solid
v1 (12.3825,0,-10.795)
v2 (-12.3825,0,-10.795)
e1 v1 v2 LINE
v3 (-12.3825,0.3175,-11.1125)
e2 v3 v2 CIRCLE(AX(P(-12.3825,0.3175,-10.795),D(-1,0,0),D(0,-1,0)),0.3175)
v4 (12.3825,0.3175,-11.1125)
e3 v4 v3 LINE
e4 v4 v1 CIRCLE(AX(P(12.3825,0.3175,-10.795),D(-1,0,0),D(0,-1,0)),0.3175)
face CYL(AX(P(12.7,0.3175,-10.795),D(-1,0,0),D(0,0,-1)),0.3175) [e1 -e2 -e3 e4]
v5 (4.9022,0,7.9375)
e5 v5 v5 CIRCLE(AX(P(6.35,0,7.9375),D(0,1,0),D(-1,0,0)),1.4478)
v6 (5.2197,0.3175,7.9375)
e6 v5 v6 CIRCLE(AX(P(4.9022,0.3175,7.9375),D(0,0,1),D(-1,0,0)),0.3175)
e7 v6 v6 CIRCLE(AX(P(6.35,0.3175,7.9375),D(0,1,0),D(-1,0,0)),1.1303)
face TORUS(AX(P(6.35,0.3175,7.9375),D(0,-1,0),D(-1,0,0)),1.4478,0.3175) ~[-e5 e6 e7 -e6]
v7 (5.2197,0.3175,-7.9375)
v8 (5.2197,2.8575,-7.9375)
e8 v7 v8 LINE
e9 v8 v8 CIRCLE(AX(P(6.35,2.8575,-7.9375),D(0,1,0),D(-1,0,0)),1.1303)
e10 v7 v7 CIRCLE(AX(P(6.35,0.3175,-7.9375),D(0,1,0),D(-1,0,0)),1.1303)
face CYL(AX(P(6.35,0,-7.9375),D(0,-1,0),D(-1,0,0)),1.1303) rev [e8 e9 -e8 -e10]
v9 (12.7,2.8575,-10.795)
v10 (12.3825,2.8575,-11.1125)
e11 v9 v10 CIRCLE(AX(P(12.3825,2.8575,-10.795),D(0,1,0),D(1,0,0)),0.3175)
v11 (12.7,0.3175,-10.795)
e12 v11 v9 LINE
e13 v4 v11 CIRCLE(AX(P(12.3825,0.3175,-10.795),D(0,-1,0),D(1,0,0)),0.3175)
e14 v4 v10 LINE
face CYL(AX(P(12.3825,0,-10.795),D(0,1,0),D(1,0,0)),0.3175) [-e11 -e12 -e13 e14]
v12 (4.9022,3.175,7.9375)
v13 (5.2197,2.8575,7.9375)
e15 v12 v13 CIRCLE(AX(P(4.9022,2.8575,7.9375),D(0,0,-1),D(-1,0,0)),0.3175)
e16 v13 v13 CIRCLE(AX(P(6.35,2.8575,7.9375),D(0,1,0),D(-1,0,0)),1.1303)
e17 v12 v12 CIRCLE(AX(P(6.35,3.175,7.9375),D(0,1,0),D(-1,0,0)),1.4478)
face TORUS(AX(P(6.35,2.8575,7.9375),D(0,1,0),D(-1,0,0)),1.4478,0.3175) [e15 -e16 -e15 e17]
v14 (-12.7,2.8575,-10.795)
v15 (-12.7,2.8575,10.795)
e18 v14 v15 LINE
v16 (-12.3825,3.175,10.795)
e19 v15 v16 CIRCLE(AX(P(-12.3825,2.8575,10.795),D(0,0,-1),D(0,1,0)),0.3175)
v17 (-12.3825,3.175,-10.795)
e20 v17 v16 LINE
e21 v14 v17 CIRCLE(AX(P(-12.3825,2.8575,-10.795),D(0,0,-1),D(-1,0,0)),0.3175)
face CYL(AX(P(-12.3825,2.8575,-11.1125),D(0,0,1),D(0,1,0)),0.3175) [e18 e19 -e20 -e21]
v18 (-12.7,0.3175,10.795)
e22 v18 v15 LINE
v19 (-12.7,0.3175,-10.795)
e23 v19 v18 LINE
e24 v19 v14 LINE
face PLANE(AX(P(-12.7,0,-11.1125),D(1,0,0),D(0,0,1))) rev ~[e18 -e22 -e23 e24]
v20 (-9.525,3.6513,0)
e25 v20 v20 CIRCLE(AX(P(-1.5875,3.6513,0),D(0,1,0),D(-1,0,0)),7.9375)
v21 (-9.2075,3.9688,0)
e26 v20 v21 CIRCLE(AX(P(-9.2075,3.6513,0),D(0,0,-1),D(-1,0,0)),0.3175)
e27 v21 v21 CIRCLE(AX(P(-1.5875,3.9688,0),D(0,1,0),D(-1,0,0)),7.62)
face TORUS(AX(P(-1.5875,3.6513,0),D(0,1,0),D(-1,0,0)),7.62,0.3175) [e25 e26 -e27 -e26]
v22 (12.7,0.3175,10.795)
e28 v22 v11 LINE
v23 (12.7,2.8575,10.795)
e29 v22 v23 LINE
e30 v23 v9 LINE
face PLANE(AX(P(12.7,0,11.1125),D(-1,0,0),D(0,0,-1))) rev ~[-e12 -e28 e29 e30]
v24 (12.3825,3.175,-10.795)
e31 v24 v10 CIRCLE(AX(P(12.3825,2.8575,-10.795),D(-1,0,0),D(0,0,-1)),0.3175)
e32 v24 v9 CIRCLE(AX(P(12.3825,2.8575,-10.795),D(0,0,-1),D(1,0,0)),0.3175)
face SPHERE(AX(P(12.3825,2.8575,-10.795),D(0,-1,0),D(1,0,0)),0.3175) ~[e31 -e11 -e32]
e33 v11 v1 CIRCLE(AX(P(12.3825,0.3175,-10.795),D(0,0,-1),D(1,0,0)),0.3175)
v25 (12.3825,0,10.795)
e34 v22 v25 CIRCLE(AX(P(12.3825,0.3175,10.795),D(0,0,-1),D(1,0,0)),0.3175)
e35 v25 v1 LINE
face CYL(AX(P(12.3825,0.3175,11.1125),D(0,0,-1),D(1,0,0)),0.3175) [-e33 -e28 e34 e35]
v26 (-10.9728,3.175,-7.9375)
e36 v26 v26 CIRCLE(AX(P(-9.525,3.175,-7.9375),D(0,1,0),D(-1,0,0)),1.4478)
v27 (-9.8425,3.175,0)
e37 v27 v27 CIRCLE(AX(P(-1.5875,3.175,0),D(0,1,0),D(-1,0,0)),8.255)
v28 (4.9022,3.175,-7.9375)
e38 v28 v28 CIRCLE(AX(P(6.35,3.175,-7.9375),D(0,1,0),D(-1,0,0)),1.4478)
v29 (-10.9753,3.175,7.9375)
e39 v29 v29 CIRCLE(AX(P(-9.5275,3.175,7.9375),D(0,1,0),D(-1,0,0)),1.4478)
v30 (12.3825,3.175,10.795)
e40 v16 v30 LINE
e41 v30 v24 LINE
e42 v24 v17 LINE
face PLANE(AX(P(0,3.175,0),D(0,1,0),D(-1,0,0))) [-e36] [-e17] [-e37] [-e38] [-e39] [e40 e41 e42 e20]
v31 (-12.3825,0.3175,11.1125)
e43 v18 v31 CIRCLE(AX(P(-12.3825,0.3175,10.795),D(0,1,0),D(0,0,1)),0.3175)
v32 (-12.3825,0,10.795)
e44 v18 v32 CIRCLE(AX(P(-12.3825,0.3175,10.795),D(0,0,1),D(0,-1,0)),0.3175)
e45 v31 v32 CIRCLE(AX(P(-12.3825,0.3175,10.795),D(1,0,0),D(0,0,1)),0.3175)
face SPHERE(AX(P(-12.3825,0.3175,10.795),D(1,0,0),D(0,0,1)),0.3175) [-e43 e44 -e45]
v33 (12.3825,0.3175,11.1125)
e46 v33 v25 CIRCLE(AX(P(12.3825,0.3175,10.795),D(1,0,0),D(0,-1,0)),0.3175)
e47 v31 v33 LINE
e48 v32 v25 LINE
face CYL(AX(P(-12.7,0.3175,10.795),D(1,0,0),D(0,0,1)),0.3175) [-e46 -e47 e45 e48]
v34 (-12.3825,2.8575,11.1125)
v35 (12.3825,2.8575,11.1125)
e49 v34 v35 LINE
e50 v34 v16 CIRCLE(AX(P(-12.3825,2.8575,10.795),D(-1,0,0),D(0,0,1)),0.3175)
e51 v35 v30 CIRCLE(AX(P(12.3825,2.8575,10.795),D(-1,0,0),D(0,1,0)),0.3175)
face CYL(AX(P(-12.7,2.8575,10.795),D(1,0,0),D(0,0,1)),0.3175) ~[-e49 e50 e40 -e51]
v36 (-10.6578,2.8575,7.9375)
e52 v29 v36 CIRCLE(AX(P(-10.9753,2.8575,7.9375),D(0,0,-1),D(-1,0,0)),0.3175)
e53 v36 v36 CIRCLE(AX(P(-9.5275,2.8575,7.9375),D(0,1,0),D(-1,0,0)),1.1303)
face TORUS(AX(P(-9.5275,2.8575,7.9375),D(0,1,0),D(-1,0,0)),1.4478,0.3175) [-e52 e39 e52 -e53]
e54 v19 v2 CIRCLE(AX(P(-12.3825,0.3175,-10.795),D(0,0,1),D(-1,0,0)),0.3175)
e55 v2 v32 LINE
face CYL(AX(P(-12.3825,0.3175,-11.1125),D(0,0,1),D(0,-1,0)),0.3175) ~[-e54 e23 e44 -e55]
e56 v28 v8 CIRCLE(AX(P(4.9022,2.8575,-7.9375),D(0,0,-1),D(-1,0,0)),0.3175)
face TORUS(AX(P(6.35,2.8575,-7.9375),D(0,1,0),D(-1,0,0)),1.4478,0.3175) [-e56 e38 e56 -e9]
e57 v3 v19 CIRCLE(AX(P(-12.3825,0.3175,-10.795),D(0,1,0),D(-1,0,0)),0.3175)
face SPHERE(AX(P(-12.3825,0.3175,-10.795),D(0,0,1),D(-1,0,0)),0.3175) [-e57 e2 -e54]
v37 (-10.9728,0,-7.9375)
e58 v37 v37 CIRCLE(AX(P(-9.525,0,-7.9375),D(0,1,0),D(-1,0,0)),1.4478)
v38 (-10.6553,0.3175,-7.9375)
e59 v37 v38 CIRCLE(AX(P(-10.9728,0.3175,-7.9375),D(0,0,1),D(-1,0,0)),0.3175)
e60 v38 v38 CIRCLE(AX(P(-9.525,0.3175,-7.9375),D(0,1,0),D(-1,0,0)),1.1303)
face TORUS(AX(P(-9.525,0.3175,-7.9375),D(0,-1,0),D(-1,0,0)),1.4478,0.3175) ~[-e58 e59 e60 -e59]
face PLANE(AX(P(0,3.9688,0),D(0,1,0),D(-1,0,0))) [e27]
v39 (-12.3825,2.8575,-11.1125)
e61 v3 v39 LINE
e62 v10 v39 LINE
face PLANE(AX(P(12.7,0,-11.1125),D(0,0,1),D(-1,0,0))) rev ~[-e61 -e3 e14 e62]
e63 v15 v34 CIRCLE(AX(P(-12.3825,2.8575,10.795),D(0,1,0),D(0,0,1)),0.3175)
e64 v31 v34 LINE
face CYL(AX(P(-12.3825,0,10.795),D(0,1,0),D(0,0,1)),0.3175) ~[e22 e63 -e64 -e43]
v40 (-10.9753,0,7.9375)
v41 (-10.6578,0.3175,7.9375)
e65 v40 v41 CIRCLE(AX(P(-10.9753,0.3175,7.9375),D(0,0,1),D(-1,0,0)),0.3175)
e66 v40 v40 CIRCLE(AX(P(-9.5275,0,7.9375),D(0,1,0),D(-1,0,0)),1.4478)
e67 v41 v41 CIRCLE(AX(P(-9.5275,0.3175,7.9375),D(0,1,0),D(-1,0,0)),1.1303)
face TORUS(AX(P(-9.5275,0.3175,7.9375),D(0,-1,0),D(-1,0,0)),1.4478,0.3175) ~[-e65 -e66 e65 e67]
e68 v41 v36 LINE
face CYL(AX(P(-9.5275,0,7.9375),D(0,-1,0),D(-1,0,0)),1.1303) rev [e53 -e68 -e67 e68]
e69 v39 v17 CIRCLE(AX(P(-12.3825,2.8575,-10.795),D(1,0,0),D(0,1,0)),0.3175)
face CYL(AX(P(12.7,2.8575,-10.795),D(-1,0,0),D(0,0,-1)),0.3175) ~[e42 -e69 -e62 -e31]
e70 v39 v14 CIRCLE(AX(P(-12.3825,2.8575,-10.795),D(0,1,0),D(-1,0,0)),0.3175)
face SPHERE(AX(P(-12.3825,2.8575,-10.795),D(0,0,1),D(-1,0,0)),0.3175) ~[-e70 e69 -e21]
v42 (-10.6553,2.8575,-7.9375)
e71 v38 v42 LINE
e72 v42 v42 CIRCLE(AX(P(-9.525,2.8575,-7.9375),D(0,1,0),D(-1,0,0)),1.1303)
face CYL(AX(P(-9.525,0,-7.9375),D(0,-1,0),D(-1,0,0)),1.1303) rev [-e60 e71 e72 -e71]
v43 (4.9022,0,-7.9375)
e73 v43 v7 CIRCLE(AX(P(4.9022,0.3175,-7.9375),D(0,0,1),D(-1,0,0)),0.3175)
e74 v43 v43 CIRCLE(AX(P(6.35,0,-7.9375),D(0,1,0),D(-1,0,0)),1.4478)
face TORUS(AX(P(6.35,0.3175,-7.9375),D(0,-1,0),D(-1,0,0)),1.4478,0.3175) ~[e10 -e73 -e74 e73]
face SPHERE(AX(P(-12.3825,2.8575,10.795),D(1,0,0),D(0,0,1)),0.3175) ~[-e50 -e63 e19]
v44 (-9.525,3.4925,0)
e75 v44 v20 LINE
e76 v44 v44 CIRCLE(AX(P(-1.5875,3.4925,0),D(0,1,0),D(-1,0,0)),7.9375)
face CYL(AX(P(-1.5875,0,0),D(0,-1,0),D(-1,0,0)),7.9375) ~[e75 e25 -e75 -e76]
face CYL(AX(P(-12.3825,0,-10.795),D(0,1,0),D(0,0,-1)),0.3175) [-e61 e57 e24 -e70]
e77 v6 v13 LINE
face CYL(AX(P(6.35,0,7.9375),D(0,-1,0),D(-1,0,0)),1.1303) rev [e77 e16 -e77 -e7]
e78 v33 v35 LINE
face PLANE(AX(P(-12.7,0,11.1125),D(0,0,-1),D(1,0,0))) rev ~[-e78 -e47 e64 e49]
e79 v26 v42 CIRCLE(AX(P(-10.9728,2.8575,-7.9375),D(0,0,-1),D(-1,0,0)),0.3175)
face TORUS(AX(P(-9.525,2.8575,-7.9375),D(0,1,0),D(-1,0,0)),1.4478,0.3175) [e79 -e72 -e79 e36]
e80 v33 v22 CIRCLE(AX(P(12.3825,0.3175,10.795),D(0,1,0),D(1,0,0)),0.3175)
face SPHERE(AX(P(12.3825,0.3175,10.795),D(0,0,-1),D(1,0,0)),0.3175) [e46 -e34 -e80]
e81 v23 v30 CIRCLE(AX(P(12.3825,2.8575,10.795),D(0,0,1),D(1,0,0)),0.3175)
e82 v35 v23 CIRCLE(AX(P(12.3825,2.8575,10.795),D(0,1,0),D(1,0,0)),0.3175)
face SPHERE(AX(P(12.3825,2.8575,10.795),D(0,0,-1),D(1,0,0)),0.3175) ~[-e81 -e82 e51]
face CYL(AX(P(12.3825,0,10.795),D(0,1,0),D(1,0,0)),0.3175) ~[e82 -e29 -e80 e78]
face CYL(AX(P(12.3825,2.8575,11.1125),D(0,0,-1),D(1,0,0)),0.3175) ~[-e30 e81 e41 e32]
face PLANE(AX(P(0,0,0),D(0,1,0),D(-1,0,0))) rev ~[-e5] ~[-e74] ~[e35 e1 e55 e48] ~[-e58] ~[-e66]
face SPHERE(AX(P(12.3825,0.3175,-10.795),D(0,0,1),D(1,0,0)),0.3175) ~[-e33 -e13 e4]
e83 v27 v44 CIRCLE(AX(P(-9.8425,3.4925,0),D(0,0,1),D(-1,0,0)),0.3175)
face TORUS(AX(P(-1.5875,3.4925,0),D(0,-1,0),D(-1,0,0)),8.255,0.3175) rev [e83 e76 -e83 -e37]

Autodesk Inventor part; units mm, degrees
ref_plane "YZ Plane" through (0, 0, 0) normal (1, 0, 0) x (0, 1, 0)
ref_plane "XZ Plane" through (0, 0, 0) normal (0, 1, 0) x (-1, 0, 0)
ref_plane "XY Plane" through (0, 0, 0) normal (0, 0, 1) x (1, 0, 0)
sketch "Sketch1" plane through (0, 0, 0) normal (0, 1, 0) x (-1, 0, 0)
  line L0 (-12.7, -11.1125) -> (12.7, -11.1125)
  line L1 (12.7, -11.1125) -> (12.7, 11.1125)
  line L2 (12.7, 11.1125) -> (-12.7, 11.1125)
  line L3 (-12.7, 11.1125) -> (-12.7, -11.1125)
  line L4 (12.7, -11.1125) -> (-12.7, 11.1125) construction
  circle A0 centre (1.5875, 0) radius 7.9375
  circle A1 centre (9.5275, 7.9375) radius 1.1303
  circle A2 centre (9.525, -7.9375) radius 1.1303
  circle A3 centre (-6.35, 7.9375) radius 1.1303
  circle A4 centre (-6.35, -7.9375) radius 1.1303
  point P0 (0, 0)
  dimension "d0" = 22.225
  dimension "d1" = 25.4
  dimension "d2" = 15.875
  dimension "d11" = 11.1125
  dimension "d12" = 2.2606
  dimension "d13" = 2.2606
  dimension "d14" = 2.2606
  dimension "d15" = 2.2606
  dimension "d16" = 15.875
  dimension "d17" = 15.8775
  dimension "d18" = 15.875
  dimension "d19" = 7.9375
  dimension "d20" = 7.9375
  dimension "d31" = 12.7
  dimension "d32" = 3.1725
  dimension "d33" = 3.175
  dimension "d34" = 3.175
  dimension "d35" = 19.05
extrude "Extrusion1" add sketch "Sketch1" along normal blind 3.175
extrude "Extrusion2" add sketch "Sketch1" along normal blind 3.9688 contours A0
fillet "Fillet1" radius 0.3175 22 edges at (7.4803, 3.175, -7.9375) (7.4803, 0, -7.9375) (7.4803, 3.175, 7.9375) (7.4803, 0, 7.9375) (-8.3947, 3.175, -7.9375) (-8.3947, 0, -7.9375) (-8.3972, 3.175, 7.9375) (-8.3972, 0, 7.9375) (12.7, 0, 0) (12.7, 1.5875, -11.1125) (12.7, 3.175, 0) (12.7, 1.5875, 11.1125) (0, 0, 11.1125) (0, 3.175, 11.1125) (-12.7, 1.5875, 11.1125) (-12.7, 0, 0) (-12.7, 3.175, 0) (-12.7, 1.5875, -11.1125) (0, 0, -11.1125) (0, 3.175, -11.1125) (6.35, 3.9688, 0) (6.35, 3.175, 0)
properties part number "cylinderhead" material "Stainless Steel"
